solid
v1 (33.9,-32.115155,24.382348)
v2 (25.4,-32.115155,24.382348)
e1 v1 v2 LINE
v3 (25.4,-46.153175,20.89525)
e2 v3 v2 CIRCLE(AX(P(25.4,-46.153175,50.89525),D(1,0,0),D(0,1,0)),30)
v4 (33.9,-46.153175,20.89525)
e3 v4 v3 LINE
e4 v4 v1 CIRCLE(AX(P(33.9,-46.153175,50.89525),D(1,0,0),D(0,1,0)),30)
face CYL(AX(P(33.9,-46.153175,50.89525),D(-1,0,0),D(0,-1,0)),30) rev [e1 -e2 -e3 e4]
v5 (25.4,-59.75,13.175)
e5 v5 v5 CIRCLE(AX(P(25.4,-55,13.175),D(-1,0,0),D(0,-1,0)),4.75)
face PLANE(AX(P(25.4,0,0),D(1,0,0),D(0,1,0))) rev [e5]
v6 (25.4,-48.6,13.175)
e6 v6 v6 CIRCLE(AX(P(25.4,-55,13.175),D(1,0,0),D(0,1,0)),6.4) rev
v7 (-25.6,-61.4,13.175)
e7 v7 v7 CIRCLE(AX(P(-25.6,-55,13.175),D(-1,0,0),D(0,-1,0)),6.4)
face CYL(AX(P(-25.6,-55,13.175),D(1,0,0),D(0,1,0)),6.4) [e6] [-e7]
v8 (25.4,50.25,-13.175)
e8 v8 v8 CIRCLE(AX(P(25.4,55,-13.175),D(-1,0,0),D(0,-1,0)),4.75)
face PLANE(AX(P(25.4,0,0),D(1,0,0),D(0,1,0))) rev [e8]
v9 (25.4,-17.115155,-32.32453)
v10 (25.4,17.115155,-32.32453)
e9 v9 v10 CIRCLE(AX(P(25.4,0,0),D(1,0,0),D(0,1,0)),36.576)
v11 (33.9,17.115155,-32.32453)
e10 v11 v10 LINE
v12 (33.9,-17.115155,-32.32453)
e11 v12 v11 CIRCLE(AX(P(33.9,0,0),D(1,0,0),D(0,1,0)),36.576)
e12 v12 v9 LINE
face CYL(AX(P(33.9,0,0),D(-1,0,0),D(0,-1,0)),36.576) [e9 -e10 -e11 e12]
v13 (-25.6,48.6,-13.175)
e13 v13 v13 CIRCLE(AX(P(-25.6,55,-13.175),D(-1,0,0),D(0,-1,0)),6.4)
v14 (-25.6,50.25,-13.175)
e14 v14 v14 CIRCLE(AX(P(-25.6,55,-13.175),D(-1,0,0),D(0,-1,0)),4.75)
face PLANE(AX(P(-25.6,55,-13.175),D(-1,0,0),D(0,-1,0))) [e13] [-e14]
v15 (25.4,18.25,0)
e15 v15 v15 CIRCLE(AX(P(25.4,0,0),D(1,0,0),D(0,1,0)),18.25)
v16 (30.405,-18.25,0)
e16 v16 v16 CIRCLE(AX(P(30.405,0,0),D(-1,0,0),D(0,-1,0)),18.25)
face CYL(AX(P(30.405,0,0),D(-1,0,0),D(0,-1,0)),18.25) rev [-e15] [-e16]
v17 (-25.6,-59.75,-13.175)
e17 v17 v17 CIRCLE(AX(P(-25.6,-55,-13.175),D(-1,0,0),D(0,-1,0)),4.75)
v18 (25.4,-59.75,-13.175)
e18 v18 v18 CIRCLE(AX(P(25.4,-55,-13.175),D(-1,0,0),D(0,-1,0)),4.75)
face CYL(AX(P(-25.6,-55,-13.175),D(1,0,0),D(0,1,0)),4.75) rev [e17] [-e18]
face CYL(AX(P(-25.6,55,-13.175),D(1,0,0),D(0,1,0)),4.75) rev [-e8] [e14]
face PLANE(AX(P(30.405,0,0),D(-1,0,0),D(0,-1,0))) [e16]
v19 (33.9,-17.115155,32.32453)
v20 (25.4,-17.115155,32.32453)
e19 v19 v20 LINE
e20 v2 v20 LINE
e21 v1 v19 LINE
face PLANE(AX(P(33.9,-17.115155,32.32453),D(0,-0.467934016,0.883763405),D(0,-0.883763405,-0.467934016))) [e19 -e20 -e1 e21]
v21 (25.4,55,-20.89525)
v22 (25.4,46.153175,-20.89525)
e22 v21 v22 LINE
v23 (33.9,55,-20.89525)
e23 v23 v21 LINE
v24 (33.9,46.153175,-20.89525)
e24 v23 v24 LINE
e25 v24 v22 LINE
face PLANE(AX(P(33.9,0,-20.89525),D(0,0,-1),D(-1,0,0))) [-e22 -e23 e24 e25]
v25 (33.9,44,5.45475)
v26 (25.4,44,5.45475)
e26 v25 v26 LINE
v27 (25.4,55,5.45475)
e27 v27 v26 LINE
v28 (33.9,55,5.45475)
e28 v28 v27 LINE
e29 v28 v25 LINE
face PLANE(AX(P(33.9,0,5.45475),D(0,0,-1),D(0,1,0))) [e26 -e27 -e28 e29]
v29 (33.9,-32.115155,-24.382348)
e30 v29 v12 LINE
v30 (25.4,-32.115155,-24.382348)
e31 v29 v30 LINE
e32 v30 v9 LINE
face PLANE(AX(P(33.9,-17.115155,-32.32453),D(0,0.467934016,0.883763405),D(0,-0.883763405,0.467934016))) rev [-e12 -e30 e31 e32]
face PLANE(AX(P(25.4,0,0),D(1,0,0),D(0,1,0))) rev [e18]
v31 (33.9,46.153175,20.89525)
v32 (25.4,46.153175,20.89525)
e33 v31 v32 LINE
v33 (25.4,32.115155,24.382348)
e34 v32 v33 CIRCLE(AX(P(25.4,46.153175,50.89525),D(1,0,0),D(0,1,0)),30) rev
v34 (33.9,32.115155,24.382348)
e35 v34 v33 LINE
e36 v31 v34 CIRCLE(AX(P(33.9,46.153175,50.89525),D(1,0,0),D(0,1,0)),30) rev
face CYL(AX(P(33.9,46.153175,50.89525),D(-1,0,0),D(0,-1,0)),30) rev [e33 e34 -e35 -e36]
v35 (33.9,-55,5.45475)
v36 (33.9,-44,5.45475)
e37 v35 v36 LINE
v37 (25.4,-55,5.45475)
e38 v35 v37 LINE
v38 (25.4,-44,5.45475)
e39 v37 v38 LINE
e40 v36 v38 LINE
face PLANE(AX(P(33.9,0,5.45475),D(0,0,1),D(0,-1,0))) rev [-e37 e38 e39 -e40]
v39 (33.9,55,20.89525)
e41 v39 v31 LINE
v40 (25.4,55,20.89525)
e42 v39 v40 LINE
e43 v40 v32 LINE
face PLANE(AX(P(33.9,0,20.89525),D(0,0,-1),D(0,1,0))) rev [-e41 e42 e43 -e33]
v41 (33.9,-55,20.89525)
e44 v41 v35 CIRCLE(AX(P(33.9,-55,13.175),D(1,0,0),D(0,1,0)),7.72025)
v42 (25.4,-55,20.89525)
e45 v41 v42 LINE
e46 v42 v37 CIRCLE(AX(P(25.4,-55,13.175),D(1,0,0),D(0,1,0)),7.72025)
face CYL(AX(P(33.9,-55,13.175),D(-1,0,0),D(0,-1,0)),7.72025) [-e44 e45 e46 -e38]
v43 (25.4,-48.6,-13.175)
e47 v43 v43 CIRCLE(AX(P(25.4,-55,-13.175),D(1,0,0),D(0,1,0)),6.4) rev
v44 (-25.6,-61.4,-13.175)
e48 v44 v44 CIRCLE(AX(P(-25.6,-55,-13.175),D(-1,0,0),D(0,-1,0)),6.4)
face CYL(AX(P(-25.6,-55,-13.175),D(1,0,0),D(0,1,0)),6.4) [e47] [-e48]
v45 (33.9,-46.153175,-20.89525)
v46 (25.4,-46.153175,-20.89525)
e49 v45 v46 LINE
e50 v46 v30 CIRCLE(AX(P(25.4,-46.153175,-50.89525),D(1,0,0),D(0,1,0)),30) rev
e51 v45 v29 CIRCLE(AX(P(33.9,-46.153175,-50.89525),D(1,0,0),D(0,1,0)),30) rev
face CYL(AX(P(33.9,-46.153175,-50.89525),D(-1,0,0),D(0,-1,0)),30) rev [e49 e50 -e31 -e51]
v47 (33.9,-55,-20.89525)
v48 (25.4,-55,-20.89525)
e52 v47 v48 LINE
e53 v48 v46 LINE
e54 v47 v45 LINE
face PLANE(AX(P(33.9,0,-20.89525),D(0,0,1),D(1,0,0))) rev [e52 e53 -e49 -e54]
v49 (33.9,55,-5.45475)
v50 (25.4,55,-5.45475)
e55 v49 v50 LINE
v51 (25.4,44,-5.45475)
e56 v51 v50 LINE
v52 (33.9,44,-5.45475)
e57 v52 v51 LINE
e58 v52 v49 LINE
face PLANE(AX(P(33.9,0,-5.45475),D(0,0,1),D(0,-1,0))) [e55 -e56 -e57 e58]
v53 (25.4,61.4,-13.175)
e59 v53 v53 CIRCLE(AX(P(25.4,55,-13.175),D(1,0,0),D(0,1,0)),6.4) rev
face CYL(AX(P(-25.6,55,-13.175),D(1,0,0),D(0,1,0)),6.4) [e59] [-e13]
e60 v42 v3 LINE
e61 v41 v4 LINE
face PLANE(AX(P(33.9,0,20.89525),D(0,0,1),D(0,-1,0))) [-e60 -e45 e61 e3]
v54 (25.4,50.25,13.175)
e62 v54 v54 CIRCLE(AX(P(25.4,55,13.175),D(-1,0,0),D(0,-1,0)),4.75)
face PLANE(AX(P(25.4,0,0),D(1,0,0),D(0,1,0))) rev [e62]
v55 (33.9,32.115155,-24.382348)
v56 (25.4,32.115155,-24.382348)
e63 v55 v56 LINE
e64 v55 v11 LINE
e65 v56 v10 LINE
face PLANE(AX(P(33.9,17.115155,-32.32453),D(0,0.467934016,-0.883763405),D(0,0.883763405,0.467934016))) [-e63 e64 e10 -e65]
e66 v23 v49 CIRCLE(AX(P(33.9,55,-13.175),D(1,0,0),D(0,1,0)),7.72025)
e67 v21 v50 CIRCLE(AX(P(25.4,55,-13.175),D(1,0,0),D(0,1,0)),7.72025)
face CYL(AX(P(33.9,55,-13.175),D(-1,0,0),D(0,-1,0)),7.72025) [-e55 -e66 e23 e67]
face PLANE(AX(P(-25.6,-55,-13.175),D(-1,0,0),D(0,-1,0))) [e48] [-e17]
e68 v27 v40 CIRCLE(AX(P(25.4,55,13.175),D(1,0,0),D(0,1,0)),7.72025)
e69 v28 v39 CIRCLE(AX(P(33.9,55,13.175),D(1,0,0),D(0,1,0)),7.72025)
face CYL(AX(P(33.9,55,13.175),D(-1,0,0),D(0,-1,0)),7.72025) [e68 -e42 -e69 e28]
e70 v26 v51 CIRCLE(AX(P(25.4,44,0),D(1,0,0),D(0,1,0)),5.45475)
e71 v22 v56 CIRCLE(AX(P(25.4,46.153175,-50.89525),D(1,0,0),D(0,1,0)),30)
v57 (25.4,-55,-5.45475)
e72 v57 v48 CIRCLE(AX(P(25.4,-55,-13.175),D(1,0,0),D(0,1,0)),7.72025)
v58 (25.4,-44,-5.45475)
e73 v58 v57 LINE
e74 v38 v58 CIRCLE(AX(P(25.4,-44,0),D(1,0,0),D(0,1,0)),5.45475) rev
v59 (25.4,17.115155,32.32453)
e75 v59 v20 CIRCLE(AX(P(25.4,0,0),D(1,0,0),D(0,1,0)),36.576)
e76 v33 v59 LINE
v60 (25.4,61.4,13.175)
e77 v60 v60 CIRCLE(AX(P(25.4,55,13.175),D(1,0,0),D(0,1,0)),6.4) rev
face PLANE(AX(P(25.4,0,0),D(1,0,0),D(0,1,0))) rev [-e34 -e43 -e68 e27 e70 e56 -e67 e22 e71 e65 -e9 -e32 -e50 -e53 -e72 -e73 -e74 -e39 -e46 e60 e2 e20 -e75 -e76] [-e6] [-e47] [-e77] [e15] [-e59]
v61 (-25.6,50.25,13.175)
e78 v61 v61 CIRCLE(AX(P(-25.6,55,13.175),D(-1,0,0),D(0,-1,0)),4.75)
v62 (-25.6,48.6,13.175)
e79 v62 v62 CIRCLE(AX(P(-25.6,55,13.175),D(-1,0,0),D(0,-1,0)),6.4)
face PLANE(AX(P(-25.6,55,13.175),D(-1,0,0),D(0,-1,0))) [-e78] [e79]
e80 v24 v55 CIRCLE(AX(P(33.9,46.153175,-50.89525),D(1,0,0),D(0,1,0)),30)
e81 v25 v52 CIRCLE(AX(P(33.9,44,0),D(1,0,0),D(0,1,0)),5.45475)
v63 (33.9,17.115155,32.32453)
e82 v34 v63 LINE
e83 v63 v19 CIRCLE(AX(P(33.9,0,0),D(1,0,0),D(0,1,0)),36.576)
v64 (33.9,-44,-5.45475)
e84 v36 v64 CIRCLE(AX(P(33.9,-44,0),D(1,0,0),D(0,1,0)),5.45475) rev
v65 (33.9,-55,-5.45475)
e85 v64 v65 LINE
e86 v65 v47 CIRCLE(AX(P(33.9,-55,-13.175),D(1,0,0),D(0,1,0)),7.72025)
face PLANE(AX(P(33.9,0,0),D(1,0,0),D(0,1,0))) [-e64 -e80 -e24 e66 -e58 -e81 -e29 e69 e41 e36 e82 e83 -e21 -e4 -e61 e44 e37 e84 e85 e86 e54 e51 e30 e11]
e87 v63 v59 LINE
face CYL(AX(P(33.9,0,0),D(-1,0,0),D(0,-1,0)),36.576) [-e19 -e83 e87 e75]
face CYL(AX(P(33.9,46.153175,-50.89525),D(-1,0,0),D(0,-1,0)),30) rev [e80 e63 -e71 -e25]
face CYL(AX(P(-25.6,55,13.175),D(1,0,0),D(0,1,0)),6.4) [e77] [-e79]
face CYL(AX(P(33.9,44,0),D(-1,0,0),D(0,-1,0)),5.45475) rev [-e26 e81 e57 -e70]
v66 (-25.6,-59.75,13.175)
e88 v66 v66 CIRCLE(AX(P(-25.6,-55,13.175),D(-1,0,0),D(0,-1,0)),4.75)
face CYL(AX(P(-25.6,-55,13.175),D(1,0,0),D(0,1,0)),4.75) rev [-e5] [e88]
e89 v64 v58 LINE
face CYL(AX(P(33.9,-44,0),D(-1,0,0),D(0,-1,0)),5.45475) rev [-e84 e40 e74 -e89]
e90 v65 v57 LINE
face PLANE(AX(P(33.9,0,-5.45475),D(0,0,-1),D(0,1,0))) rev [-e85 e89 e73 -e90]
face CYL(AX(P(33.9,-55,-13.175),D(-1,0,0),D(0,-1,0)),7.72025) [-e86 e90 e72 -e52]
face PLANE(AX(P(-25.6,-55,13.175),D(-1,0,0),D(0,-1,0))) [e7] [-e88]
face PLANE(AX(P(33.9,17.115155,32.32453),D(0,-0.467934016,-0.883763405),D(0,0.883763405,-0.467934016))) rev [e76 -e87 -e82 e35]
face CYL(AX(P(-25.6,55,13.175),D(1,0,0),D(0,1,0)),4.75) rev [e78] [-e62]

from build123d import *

# Parameters (mm, degrees)
SKETCH1_W           = 17.145
SKETCH1_H           = 18.25
SKETCH2_R           = 3.71475
CUT_EXTRUDE1_DEPTH  = 8.5725
SKETCH3_R           = 18.25
BOSS_EXTRUDE1_DEPTH = 8.5
SKETCH4_R           = 6.4
SKETCH4_R_2         = 4.75
BOSS_EXTRUDE2_DEPTH = 51
SKETCH5_R           = 18.25
CUT_EXTRUDE2_DEPTH  = 22.15


with BuildPart() as part:
    # Sketch1 → Revolve1 (revolve)
    with BuildSketch(Plane.XY):
        with Locations((16.8275, 9.125)):
            Rectangle(SKETCH1_W, SKETCH1_H)
    revolve(axis=Axis((8.255, 0, 0), (1, 0, 0)))

    # Sketch2 → Cut-Extrude1 (cut)
    with BuildSketch(Plane.ZY.offset(-8.255)):
        Circle(SKETCH2_R)
    extrude(amount=-CUT_EXTRUDE1_DEPTH, mode=Mode.SUBTRACT)


with BuildPart() as body_2:
    # Sketch3 → Boss-Extrude1 (new body)
    with BuildSketch(Plane(origin=(25.4, 0, 0), x_dir=(0, 0, -1), z_dir=(1, 0, 0))):
        with BuildLine():
            Line((-24.382347836, 32.115154563), (-32.324530318, 17.115154563))
            ThreePointArc((-32.324530318, 17.115154563), (-36.576, 0), (-32.324530318, -17.115154563))
            Line((-32.324530318, -17.115154563), (-24.382347836, -32.115154563))
            ThreePointArc((-24.382347836, -32.115154563), (-21.780072988, -38.920854003), (-20.89525, -46.153175037))
            Line((-20.89525, -46.153175037), (-20.89525, -55))
            ThreePointArc((-20.89525, -55), (-13.175, -62.72025), (-5.45475, -55))
            Line((-5.45475, -55), (-5.45475, -44))
            ThreePointArc((-5.45475, -44), (0, -38.54525), (5.45475, -44))
            Line((5.45475, -44), (5.45475, -55))
            ThreePointArc((5.45475, -55), (13.175, -62.72025), (20.89525, -55))
            Line((20.89525, -55), (20.89525, -46.153175037))
            ThreePointArc((20.89525, -46.153175037), (21.780072988, -38.920854003), (24.382347836, -32.115154563))
            Line((24.382347836, -32.115154563), (32.324530318, -17.115154563))
            ThreePointArc((32.324530318, -17.115154563), (36.576, 0), (32.324530318, 17.115154563))
            Line((32.324530318, 17.115154563), (24.382347836, 32.115154563))
            ThreePointArc((24.382347836, 32.115154563), (21.780072988, 38.920854003), (20.89525, 46.153175037))
            Line((20.89525, 46.153175037), (20.89525, 55))
            ThreePointArc((20.89525, 55), (13.175, 62.72025), (5.45475, 55))
            Line((5.45475, 55), (5.45475, 44))
            ThreePointArc((5.45475, 44), (0, 38.54525), (-5.45475, 44))
            Line((-5.45475, 44), (-5.45475, 55))
            ThreePointArc((-5.45475, 55), (-13.175, 62.72025), (-20.89525, 55))
            Line((-20.89525, 55), (-20.89525, 46.153175037))
            ThreePointArc((-20.89525, 46.153175037), (-21.780072988, 38.920854003), (-24.382347836, 32.115154563))
        make_face()
        Circle(SKETCH3_R, mode=Mode.SUBTRACT)
        Circle(SKETCH3_R)
    extrude(amount=BOSS_EXTRUDE1_DEPTH)

    # Sketch4 → Boss-Extrude2 (add)
    with BuildSketch(Plane.ZY.offset(-25.4)):
        with Locations((-13.175, 55)):
            Circle(SKETCH4_R)
        with Locations((-13.175, 55)):
            Circle(SKETCH4_R_2, mode=Mode.SUBTRACT)
        with Locations((13.175, 55)):
            Circle(SKETCH4_R)
        with Locations((13.175, 55)):
            Circle(SKETCH4_R_2, mode=Mode.SUBTRACT)
        with Locations((13.175, -55)):
            Circle(SKETCH4_R)
        with Locations((13.175, -55)):
            Circle(SKETCH4_R_2, mode=Mode.SUBTRACT)
        with Locations((-13.175, -55)):
            Circle(SKETCH4_R)
        with Locations((-13.175, -55)):
            Circle(SKETCH4_R_2, mode=Mode.SUBTRACT)
    extrude(amount=BOSS_EXTRUDE2_DEPTH)


with BuildPart() as cut_extrude2_tool:
    # Sketch5 → Cut-Extrude2 (new body)
    with BuildSketch(Plane.ZY.offset(-8.255)):
        Circle(SKETCH5_R)
    extrude(amount=-CUT_EXTRUDE2_DEPTH)


with BuildPart() as part_1:
    add(part.part)

    # Cut-Extrude2: cut by cut_extrude2_tool
    add(cut_extrude2_tool.part, mode=Mode.SUBTRACT)


with BuildPart() as body_2_1:
    add(body_2.part)

    # Cut-Extrude2: cut by cut_extrude2_tool
    add(cut_extrude2_tool.part, mode=Mode.SUBTRACT)


solid = body_2_1.part
